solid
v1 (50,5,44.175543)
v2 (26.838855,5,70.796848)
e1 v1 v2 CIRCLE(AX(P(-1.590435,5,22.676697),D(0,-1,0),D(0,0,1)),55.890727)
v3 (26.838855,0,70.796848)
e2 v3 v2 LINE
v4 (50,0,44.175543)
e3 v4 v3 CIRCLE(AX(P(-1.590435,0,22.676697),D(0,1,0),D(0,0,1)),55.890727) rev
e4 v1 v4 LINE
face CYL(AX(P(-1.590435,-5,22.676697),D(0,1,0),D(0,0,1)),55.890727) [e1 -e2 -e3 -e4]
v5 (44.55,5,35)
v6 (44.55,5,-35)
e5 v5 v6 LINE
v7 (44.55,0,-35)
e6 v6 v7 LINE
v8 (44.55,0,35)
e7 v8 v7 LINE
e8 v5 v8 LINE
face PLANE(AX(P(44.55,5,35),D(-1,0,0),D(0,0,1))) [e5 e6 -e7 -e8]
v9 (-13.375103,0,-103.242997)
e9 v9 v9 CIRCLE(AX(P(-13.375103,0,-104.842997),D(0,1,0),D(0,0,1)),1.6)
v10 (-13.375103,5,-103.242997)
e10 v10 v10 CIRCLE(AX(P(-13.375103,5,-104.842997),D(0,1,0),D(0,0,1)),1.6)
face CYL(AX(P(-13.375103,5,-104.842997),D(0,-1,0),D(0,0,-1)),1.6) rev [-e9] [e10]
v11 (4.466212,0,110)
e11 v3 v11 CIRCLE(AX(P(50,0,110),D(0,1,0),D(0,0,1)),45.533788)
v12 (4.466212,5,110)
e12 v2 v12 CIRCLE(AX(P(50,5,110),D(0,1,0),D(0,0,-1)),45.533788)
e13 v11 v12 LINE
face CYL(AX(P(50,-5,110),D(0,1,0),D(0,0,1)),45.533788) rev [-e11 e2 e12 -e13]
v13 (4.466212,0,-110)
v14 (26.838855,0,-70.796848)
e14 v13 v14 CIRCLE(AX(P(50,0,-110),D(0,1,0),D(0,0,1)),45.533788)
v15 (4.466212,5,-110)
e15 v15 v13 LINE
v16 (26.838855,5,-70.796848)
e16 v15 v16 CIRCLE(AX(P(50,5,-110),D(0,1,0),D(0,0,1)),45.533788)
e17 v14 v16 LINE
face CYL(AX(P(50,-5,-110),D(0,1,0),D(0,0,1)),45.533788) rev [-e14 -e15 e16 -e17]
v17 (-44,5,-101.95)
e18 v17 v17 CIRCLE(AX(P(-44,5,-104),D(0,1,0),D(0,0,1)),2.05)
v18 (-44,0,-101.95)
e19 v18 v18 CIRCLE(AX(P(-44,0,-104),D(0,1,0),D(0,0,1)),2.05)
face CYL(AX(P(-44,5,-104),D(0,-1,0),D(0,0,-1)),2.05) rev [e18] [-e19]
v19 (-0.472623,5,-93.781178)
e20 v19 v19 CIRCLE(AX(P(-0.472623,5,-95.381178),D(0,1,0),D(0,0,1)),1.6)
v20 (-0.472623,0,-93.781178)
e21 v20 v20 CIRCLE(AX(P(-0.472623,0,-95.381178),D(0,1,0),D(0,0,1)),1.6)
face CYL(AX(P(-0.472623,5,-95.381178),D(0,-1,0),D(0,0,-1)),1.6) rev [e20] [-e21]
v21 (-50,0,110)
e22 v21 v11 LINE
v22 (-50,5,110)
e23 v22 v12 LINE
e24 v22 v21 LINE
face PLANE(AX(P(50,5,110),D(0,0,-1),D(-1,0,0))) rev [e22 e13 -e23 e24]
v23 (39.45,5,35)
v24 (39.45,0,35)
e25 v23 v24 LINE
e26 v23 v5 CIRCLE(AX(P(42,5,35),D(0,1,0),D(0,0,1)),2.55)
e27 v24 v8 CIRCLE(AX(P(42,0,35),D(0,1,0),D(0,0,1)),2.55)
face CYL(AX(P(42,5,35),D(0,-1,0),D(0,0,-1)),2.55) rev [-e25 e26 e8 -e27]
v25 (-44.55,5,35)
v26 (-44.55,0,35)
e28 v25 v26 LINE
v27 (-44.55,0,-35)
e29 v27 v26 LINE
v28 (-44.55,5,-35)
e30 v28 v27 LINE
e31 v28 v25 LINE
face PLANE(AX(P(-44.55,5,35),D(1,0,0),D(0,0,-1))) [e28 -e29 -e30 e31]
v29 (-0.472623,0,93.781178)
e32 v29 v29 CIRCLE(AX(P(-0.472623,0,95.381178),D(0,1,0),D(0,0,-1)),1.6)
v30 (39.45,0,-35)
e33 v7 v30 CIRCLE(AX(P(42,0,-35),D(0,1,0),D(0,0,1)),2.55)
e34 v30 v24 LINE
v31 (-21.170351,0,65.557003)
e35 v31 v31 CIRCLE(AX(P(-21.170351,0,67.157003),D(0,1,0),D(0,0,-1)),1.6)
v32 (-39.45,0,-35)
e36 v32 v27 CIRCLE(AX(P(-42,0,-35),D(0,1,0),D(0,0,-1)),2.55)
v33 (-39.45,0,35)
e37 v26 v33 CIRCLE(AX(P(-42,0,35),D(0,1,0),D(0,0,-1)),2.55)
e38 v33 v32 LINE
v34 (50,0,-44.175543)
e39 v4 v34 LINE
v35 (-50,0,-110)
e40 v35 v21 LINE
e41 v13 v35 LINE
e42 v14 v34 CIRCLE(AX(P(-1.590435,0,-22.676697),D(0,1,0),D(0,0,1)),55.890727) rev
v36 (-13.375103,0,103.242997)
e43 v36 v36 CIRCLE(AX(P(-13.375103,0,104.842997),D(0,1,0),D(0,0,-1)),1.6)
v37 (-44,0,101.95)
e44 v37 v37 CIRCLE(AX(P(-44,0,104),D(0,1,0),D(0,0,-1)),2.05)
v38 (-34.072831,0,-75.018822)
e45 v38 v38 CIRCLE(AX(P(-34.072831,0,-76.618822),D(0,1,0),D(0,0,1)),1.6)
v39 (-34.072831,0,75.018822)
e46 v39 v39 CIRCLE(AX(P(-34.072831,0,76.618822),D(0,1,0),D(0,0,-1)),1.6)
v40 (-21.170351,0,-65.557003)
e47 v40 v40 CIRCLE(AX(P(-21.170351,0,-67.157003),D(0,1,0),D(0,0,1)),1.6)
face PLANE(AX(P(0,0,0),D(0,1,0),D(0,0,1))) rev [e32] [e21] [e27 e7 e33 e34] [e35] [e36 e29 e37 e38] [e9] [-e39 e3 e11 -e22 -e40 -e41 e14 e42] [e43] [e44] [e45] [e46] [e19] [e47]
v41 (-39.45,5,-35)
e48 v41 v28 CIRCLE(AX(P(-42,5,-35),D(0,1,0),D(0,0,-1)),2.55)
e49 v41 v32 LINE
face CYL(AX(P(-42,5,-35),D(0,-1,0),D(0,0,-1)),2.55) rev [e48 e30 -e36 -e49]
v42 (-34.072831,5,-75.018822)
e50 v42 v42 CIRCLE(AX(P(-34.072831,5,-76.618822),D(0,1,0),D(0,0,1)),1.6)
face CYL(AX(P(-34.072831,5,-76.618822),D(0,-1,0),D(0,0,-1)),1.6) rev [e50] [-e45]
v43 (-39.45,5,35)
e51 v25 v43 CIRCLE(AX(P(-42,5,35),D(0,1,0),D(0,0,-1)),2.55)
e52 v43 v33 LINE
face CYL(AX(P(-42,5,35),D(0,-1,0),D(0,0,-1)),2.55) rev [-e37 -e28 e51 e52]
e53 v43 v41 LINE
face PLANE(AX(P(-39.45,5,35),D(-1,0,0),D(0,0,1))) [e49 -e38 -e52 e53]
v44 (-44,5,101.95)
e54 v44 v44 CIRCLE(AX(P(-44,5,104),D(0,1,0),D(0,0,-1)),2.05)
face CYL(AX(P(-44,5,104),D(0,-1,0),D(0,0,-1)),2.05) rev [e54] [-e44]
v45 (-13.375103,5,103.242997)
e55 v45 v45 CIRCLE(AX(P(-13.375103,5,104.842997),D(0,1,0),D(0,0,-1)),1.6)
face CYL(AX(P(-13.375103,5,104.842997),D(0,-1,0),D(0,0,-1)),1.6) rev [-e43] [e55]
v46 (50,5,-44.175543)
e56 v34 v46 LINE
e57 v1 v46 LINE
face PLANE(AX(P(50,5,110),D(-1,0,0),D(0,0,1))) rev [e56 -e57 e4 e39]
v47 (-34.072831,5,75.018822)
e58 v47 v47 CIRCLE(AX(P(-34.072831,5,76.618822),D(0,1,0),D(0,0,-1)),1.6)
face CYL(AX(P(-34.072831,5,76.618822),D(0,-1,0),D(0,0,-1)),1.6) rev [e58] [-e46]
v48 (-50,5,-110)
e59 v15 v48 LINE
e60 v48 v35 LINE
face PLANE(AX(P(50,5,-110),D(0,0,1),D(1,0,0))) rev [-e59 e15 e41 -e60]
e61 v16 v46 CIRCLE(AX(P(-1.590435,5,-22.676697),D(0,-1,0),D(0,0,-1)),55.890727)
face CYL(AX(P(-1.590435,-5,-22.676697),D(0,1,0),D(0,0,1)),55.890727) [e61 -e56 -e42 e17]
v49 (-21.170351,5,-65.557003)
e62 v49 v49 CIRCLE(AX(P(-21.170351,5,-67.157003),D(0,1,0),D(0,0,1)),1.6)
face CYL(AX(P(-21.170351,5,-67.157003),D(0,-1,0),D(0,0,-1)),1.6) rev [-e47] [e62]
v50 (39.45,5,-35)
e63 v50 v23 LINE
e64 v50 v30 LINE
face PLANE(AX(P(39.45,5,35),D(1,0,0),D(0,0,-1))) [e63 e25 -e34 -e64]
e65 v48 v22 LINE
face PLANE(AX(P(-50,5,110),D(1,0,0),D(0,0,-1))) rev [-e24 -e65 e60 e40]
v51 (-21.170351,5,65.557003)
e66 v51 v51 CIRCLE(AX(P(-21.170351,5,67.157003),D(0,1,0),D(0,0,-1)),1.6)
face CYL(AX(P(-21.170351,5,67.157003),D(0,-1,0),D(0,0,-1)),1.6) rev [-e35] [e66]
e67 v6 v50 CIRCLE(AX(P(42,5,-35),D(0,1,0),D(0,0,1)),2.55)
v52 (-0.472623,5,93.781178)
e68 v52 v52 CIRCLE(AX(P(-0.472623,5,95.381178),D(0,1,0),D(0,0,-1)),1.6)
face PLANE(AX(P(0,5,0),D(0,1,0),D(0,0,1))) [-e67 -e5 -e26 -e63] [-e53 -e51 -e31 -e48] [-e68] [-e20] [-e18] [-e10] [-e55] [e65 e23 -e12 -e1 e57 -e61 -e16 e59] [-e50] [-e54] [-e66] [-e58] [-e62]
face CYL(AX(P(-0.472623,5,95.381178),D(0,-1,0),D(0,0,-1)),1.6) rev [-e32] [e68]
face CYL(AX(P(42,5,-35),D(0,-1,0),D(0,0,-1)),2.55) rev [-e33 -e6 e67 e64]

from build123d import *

# Parameters (mm, degrees)
SKETCH1_W           = 100
SKETCH1_H           = 220
SKETCH1_R           = 2.05
SKETCH1_R_2         = 1.6
BOSS_EXTRUDE1_DEPTH = 5
CUT_EXTRUDE1_DEPTH  = 10


with BuildPart() as part:
    # Sketch1 → Boss-Extrude1 (new body)
    with BuildSketch(Plane(origin=(0, 0, 0), x_dir=(1, 0, 0), z_dir=(0, 1, 0))):
        Rectangle(SKETCH1_W, SKETCH1_H)
        with Locations(Location((-44, 104, 0), (0, 0, 270))):
            Circle(SKETCH1_R, mode=Mode.SUBTRACT)
        with Locations(Location((-34.072831353, 76.618821882, 0), (0, 0, 270))):
            Circle(SKETCH1_R_2, mode=Mode.SUBTRACT)
        with Locations(Location((-0.472623192, 95.381178118, 0), (0, 0, 270))):
            Circle(SKETCH1_R_2, mode=Mode.SUBTRACT)
        with Locations(Location((-21.170351419, 67.157003264, 0), (0, 0, 270))):
            Circle(SKETCH1_R_2, mode=Mode.SUBTRACT)
        with Locations(Location((-13.375103126, 104.842996736, 0), (0, 0, 270))):
            Circle(SKETCH1_R_2, mode=Mode.SUBTRACT)
        with Locations(Location((-0.472623192, -95.381178118, 0), (0, 0, 90))):
            Circle(SKETCH1_R_2, mode=Mode.SUBTRACT)
        with Locations(Location((-21.170351419, -67.157003264, 0), (0, 0, 90))):
            Circle(SKETCH1_R_2, mode=Mode.SUBTRACT)
        with Locations(Location((-34.072831353, -76.618821882, 0), (0, 0, 90))):
            Circle(SKETCH1_R_2, mode=Mode.SUBTRACT)
        with Locations(Location((-44, -104, 0), (0, 0, 90))):
            Circle(SKETCH1_R, mode=Mode.SUBTRACT)
        with Locations(Location((-13.375103126, -104.842996736, 0), (0, 0, 90))):
            Circle(SKETCH1_R_2, mode=Mode.SUBTRACT)
        with BuildLine():
            Line((39.45, -35), (39.45, 35))
            ThreePointArc((39.45, 35), (42, 37.55), (44.55, 35))
            Line((44.55, 35), (44.55, -35))
            ThreePointArc((44.55, -35), (42, -37.55), (39.45, -35))
        make_face(mode=Mode.SUBTRACT)
        with BuildLine():
            Line((-39.45, -35), (-39.45, 35))
            ThreePointArc((-39.45, 35), (-42, 37.55), (-44.55, 35))
            Line((-44.55, 35), (-44.55, -35))
            ThreePointArc((-44.55, -35), (-42, -37.55), (-39.45, -35))
        make_face(mode=Mode.SUBTRACT)
    extrude(amount=BOSS_EXTRUDE1_DEPTH)

    # Sketch2 → Cut-Extrude1 (cut)
    with BuildSketch(Plane(origin=(0, 5, 0), x_dir=(1, 0, 0), z_dir=(0, 1, 0))):
        with BuildLine():
            Line((4.46621247, 110), (50, 110))
            Line((50, 110), (50, 44.175543471))
            ThreePointArc((50, 44.175543471), (40.575458137, 59.361991758), (26.838854749, 70.796847608))
            ThreePointArc((26.838854749, 70.796847608), (10.452936433, 87.431092849), (4.46621247, 110))
        make_face()
        with BuildLine():
            Line((50, -44.175543471), (50, -110))
            Line((50, -110), (4.46621247, -110))
            ThreePointArc((4.46621247, -110), (10.452936433, -87.431092849), (26.838854749, -70.796847608))
            ThreePointArc((26.838854749, -70.796847608), (40.575458137, -59.361991758), (50, -44.175543471))
        make_face()
    extrude(amount=-CUT_EXTRUDE1_DEPTH, mode=Mode.SUBTRACT)


solid = part.part
